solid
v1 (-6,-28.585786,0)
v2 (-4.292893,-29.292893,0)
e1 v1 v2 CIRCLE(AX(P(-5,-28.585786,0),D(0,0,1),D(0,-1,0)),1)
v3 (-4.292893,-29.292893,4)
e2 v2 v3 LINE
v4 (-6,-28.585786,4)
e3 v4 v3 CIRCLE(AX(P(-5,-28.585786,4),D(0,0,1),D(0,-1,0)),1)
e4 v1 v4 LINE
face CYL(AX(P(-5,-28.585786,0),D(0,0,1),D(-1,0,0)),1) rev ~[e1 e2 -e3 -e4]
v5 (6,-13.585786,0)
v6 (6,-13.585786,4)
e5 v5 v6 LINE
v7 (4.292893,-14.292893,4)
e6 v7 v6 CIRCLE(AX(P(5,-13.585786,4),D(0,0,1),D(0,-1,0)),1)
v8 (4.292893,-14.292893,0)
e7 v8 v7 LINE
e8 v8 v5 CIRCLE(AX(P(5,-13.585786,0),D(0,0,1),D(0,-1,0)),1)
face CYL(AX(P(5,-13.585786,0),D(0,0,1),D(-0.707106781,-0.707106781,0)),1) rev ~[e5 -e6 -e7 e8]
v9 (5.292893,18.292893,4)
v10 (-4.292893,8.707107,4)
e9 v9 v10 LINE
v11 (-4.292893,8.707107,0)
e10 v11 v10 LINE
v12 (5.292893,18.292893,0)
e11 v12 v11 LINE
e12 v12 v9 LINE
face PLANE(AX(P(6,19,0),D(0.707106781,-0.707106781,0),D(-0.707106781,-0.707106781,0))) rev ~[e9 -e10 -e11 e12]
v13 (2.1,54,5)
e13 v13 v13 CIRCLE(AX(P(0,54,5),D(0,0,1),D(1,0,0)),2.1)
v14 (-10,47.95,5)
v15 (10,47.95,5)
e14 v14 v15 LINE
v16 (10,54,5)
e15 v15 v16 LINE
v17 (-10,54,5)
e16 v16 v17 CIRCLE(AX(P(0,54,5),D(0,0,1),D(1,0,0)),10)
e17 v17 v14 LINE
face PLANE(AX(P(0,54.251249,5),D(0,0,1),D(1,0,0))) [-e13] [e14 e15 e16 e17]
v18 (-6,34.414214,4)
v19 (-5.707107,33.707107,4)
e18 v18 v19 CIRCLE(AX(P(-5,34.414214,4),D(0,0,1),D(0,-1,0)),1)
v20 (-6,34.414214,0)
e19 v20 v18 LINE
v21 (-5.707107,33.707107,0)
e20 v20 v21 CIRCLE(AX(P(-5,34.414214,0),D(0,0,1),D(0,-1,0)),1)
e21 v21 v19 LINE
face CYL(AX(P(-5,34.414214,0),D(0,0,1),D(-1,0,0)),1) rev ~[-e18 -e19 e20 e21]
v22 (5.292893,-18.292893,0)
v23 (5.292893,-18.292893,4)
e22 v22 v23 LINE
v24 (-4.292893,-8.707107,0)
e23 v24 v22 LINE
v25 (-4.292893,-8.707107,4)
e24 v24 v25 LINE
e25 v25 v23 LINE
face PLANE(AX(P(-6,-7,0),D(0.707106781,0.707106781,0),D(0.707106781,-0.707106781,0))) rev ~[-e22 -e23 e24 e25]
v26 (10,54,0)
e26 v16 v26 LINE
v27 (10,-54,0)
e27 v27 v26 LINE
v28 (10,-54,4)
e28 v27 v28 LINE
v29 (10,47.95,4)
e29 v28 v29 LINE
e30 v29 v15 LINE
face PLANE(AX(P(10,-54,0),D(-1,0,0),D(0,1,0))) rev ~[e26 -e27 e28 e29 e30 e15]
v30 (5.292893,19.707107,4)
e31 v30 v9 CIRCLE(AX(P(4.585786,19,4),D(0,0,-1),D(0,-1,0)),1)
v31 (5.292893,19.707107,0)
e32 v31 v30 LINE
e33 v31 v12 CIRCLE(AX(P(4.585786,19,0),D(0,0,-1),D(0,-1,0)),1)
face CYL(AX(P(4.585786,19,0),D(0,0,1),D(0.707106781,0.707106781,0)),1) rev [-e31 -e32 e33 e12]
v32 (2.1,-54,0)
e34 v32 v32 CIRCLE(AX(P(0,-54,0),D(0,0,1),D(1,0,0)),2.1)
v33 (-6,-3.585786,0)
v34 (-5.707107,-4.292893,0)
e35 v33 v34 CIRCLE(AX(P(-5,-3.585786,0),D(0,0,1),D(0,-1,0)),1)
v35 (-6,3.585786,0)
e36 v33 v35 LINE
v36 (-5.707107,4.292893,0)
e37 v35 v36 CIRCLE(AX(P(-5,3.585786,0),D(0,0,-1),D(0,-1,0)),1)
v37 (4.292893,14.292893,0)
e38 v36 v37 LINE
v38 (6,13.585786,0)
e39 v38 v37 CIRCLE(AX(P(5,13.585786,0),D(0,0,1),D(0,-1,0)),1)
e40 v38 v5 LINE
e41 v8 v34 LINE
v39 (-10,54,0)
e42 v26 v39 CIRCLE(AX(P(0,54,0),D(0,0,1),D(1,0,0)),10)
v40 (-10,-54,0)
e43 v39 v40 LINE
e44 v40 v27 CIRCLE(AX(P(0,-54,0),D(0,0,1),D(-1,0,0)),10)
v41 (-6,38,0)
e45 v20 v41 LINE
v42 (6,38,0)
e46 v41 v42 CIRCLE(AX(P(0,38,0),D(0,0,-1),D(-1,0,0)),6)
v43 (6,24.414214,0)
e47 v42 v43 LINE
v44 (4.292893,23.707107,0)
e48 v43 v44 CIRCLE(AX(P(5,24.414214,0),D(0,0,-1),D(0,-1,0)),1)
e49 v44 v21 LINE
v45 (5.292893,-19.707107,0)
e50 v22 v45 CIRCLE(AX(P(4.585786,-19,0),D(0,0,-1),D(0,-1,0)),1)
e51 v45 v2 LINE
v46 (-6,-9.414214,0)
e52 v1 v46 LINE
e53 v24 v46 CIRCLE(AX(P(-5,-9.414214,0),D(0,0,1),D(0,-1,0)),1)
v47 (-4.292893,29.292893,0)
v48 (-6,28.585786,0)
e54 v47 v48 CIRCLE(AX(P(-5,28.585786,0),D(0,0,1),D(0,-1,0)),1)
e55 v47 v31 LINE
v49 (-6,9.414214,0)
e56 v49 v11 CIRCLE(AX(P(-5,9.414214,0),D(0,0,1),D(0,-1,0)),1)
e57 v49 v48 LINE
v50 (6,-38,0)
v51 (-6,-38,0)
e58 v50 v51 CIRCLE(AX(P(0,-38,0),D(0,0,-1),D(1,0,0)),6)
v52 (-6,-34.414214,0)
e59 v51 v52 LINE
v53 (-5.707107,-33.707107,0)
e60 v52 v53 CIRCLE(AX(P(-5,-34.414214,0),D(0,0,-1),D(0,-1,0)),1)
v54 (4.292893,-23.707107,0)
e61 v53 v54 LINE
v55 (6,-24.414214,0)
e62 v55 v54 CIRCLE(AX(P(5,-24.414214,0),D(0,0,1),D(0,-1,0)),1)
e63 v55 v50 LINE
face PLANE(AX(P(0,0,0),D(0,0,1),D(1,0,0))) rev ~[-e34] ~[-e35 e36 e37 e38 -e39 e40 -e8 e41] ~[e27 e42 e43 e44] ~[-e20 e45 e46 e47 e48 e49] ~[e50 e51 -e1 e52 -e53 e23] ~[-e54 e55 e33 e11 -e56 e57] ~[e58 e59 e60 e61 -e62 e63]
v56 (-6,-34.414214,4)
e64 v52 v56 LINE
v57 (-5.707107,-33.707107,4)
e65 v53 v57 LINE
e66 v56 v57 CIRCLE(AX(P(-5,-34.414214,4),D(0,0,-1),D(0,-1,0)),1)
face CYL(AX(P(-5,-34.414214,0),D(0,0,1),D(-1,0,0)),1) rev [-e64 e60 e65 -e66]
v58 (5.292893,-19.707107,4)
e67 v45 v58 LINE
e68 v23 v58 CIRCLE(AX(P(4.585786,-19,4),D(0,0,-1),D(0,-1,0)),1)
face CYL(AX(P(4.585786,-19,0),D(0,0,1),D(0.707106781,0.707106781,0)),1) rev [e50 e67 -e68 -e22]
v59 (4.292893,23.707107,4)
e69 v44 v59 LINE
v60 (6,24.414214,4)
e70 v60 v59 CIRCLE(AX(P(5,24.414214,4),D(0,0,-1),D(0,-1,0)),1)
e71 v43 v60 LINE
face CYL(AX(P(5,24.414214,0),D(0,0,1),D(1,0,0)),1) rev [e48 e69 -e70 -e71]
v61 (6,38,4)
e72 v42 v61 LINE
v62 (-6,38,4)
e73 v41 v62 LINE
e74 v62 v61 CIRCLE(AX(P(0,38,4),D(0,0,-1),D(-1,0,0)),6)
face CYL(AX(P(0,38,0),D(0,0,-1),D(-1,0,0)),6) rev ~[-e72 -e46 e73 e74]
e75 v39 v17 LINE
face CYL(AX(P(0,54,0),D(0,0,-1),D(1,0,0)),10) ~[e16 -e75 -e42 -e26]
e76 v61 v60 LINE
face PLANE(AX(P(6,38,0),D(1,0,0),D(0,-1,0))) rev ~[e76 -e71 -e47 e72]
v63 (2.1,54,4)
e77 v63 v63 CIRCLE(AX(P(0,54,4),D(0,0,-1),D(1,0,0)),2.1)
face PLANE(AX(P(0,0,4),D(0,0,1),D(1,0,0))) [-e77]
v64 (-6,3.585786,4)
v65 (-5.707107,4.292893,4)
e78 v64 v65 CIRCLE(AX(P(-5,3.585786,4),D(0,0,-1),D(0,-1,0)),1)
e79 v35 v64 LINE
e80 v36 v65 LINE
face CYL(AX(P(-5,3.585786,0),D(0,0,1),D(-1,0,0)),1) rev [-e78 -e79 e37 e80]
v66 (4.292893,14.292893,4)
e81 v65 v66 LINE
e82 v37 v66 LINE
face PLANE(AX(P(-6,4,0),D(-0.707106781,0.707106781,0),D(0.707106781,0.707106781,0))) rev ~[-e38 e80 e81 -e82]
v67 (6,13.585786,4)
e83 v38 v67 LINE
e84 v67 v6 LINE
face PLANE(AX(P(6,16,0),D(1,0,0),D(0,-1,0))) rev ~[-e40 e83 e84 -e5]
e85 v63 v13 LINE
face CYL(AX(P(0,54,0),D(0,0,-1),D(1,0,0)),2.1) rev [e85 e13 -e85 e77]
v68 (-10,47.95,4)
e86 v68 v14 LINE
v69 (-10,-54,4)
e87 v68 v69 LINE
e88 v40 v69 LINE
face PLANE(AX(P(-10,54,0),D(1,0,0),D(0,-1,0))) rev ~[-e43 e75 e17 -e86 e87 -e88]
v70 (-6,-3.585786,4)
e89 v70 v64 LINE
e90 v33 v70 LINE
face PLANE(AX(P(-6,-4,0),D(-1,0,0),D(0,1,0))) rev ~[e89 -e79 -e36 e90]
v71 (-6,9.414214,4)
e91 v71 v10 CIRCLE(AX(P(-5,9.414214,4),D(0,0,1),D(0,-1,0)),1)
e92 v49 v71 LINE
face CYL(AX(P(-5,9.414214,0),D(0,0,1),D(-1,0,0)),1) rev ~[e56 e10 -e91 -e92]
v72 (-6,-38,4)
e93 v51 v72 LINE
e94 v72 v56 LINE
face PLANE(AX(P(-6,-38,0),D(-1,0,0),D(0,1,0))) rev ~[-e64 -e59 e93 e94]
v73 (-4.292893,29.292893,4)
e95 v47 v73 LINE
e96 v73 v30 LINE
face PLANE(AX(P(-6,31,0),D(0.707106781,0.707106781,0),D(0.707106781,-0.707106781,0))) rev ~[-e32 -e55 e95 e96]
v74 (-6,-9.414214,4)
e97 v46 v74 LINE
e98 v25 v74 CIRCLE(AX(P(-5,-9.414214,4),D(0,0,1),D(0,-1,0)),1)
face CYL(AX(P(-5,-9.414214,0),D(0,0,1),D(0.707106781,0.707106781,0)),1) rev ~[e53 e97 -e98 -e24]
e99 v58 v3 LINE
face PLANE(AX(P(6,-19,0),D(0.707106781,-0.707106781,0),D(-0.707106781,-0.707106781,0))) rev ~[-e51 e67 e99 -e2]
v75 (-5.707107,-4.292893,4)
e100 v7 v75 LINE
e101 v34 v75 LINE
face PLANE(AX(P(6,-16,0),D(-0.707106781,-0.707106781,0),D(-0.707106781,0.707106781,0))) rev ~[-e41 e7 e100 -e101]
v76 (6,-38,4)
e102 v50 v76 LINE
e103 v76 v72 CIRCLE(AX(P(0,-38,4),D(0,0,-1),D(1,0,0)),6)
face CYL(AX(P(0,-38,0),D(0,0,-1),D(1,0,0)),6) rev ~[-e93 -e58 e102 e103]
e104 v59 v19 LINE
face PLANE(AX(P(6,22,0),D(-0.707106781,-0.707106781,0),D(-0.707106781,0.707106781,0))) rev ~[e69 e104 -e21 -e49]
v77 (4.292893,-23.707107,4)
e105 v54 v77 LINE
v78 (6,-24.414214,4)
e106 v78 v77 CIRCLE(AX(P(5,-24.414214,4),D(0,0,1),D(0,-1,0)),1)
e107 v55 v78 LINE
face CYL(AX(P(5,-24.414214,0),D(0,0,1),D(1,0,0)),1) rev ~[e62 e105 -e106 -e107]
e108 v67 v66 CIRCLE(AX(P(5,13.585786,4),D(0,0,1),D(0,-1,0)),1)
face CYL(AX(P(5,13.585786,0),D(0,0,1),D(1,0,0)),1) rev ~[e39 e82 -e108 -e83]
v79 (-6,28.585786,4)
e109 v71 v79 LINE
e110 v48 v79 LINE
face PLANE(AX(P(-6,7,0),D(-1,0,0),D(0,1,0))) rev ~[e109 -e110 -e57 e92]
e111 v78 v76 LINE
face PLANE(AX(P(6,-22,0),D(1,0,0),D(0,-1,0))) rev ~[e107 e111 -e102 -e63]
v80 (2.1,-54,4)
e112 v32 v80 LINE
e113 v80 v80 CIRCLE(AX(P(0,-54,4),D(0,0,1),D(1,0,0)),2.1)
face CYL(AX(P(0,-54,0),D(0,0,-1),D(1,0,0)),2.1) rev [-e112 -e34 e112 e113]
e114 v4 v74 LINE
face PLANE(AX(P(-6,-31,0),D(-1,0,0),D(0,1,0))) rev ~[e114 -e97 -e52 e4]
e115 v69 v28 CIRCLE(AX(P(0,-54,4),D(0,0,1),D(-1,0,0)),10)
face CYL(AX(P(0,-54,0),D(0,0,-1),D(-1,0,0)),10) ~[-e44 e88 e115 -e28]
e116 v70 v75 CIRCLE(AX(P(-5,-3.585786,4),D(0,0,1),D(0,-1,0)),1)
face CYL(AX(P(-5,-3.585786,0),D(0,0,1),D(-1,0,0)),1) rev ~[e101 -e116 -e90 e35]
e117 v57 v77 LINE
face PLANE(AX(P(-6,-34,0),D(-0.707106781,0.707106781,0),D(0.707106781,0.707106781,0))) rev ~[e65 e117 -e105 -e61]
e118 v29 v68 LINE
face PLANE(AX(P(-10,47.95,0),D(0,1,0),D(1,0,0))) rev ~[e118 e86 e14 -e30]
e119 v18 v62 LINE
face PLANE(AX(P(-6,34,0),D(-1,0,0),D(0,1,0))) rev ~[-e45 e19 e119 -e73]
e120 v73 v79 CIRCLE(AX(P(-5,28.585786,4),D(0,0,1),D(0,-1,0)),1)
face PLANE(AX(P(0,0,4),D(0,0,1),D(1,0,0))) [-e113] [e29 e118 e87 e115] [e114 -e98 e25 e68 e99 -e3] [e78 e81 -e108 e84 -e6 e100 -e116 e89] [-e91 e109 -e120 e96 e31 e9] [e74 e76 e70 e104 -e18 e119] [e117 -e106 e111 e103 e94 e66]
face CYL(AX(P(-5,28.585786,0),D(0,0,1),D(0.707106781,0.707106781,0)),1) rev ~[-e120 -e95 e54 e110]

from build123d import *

# Parameters (mm, degrees)
CROQUIS1_R              = 2.1
SALIENTE_EXTRUIR1_DEPTH = 4
CROQUIS1_6_R            = 2.1
SALIENTE_EXTRUIR3_DEPTH = 5
REDONDEO1_R             = 1


with BuildPart() as part:
    # Croquis1 → Saliente-Extruir1 (new body)
    with BuildSketch(Plane.XY):
        with BuildLine():
            ThreePointArc((10, 54), (0, 64), (-10, 54))
            Line((-10, 54), (-10, -54))
            ThreePointArc((-10, -54), (0, -64), (10, -54))
            Line((10, -54), (10, 54))
        make_face()
        with BuildLine():
            Line((6, 38), (6, 22))
            Line((6, 22), (-6, 34))
            Line((-6, 34), (-6, 38))
            ThreePointArc((-6, 38), (0, 44), (6, 38))
        make_face(mode=Mode.SUBTRACT)
        Polygon((-6, 7), (-6, 31), (6, 19), align=None, mode=Mode.SUBTRACT)
        Polygon((-6, -4), (-6, 4), (6, 16), (6, -16), align=None, mode=Mode.SUBTRACT)
        Polygon((-6, -31), (-6, -7), (6, -19), align=None, mode=Mode.SUBTRACT)
        with BuildLine():
            Line((-6, -38), (-6, -34))
            Line((-6, -34), (6, -22))
            Line((6, -22), (6, -38))
            ThreePointArc((6, -38), (0, -44), (-6, -38))
        make_face(mode=Mode.SUBTRACT)
        with Locations((0, -54)):
            Circle(CROQUIS1_R, mode=Mode.SUBTRACT)
    extrude(amount=SALIENTE_EXTRUIR1_DEPTH)

    # Croquis1<6> → Saliente-Extruir3 (add)
    with BuildSketch(Plane.XY):
        with BuildLine():
            Line((10, 47.95), (10, 54))
            ThreePointArc((10, 54), (0, 64), (-10, 54))
            Line((-10, 54), (-10, 47.95))
            Line((-10, 47.95), (10, 47.95))
        make_face()
        with Locations((0, 54)):
            Circle(CROQUIS1_6_R, mode=Mode.SUBTRACT)
    extrude(amount=SALIENTE_EXTRUIR3_DEPTH)

    # Redondeo1
    redondeo1_edges = [part.edges().sort_by_distance(p)[0] for p in [
        (6, 22, 2),
        (6, 16, 2),
        (6, 19, 2),
        (-6, 31, 2),
        (-6, 7, 2),
        (6, -22, 2),
        (6, -16, 2),
        (6, -19, 2),
        (-6, -31, 2),
        (-6, -7, 2),
        (-6, 34, 2),
        (-6, -4, 2),
        (-6, -34, 2),
        (-6, 4, 2),
    ]]
    fillet(redondeo1_edges, radius=REDONDEO1_R)


solid = part.part
